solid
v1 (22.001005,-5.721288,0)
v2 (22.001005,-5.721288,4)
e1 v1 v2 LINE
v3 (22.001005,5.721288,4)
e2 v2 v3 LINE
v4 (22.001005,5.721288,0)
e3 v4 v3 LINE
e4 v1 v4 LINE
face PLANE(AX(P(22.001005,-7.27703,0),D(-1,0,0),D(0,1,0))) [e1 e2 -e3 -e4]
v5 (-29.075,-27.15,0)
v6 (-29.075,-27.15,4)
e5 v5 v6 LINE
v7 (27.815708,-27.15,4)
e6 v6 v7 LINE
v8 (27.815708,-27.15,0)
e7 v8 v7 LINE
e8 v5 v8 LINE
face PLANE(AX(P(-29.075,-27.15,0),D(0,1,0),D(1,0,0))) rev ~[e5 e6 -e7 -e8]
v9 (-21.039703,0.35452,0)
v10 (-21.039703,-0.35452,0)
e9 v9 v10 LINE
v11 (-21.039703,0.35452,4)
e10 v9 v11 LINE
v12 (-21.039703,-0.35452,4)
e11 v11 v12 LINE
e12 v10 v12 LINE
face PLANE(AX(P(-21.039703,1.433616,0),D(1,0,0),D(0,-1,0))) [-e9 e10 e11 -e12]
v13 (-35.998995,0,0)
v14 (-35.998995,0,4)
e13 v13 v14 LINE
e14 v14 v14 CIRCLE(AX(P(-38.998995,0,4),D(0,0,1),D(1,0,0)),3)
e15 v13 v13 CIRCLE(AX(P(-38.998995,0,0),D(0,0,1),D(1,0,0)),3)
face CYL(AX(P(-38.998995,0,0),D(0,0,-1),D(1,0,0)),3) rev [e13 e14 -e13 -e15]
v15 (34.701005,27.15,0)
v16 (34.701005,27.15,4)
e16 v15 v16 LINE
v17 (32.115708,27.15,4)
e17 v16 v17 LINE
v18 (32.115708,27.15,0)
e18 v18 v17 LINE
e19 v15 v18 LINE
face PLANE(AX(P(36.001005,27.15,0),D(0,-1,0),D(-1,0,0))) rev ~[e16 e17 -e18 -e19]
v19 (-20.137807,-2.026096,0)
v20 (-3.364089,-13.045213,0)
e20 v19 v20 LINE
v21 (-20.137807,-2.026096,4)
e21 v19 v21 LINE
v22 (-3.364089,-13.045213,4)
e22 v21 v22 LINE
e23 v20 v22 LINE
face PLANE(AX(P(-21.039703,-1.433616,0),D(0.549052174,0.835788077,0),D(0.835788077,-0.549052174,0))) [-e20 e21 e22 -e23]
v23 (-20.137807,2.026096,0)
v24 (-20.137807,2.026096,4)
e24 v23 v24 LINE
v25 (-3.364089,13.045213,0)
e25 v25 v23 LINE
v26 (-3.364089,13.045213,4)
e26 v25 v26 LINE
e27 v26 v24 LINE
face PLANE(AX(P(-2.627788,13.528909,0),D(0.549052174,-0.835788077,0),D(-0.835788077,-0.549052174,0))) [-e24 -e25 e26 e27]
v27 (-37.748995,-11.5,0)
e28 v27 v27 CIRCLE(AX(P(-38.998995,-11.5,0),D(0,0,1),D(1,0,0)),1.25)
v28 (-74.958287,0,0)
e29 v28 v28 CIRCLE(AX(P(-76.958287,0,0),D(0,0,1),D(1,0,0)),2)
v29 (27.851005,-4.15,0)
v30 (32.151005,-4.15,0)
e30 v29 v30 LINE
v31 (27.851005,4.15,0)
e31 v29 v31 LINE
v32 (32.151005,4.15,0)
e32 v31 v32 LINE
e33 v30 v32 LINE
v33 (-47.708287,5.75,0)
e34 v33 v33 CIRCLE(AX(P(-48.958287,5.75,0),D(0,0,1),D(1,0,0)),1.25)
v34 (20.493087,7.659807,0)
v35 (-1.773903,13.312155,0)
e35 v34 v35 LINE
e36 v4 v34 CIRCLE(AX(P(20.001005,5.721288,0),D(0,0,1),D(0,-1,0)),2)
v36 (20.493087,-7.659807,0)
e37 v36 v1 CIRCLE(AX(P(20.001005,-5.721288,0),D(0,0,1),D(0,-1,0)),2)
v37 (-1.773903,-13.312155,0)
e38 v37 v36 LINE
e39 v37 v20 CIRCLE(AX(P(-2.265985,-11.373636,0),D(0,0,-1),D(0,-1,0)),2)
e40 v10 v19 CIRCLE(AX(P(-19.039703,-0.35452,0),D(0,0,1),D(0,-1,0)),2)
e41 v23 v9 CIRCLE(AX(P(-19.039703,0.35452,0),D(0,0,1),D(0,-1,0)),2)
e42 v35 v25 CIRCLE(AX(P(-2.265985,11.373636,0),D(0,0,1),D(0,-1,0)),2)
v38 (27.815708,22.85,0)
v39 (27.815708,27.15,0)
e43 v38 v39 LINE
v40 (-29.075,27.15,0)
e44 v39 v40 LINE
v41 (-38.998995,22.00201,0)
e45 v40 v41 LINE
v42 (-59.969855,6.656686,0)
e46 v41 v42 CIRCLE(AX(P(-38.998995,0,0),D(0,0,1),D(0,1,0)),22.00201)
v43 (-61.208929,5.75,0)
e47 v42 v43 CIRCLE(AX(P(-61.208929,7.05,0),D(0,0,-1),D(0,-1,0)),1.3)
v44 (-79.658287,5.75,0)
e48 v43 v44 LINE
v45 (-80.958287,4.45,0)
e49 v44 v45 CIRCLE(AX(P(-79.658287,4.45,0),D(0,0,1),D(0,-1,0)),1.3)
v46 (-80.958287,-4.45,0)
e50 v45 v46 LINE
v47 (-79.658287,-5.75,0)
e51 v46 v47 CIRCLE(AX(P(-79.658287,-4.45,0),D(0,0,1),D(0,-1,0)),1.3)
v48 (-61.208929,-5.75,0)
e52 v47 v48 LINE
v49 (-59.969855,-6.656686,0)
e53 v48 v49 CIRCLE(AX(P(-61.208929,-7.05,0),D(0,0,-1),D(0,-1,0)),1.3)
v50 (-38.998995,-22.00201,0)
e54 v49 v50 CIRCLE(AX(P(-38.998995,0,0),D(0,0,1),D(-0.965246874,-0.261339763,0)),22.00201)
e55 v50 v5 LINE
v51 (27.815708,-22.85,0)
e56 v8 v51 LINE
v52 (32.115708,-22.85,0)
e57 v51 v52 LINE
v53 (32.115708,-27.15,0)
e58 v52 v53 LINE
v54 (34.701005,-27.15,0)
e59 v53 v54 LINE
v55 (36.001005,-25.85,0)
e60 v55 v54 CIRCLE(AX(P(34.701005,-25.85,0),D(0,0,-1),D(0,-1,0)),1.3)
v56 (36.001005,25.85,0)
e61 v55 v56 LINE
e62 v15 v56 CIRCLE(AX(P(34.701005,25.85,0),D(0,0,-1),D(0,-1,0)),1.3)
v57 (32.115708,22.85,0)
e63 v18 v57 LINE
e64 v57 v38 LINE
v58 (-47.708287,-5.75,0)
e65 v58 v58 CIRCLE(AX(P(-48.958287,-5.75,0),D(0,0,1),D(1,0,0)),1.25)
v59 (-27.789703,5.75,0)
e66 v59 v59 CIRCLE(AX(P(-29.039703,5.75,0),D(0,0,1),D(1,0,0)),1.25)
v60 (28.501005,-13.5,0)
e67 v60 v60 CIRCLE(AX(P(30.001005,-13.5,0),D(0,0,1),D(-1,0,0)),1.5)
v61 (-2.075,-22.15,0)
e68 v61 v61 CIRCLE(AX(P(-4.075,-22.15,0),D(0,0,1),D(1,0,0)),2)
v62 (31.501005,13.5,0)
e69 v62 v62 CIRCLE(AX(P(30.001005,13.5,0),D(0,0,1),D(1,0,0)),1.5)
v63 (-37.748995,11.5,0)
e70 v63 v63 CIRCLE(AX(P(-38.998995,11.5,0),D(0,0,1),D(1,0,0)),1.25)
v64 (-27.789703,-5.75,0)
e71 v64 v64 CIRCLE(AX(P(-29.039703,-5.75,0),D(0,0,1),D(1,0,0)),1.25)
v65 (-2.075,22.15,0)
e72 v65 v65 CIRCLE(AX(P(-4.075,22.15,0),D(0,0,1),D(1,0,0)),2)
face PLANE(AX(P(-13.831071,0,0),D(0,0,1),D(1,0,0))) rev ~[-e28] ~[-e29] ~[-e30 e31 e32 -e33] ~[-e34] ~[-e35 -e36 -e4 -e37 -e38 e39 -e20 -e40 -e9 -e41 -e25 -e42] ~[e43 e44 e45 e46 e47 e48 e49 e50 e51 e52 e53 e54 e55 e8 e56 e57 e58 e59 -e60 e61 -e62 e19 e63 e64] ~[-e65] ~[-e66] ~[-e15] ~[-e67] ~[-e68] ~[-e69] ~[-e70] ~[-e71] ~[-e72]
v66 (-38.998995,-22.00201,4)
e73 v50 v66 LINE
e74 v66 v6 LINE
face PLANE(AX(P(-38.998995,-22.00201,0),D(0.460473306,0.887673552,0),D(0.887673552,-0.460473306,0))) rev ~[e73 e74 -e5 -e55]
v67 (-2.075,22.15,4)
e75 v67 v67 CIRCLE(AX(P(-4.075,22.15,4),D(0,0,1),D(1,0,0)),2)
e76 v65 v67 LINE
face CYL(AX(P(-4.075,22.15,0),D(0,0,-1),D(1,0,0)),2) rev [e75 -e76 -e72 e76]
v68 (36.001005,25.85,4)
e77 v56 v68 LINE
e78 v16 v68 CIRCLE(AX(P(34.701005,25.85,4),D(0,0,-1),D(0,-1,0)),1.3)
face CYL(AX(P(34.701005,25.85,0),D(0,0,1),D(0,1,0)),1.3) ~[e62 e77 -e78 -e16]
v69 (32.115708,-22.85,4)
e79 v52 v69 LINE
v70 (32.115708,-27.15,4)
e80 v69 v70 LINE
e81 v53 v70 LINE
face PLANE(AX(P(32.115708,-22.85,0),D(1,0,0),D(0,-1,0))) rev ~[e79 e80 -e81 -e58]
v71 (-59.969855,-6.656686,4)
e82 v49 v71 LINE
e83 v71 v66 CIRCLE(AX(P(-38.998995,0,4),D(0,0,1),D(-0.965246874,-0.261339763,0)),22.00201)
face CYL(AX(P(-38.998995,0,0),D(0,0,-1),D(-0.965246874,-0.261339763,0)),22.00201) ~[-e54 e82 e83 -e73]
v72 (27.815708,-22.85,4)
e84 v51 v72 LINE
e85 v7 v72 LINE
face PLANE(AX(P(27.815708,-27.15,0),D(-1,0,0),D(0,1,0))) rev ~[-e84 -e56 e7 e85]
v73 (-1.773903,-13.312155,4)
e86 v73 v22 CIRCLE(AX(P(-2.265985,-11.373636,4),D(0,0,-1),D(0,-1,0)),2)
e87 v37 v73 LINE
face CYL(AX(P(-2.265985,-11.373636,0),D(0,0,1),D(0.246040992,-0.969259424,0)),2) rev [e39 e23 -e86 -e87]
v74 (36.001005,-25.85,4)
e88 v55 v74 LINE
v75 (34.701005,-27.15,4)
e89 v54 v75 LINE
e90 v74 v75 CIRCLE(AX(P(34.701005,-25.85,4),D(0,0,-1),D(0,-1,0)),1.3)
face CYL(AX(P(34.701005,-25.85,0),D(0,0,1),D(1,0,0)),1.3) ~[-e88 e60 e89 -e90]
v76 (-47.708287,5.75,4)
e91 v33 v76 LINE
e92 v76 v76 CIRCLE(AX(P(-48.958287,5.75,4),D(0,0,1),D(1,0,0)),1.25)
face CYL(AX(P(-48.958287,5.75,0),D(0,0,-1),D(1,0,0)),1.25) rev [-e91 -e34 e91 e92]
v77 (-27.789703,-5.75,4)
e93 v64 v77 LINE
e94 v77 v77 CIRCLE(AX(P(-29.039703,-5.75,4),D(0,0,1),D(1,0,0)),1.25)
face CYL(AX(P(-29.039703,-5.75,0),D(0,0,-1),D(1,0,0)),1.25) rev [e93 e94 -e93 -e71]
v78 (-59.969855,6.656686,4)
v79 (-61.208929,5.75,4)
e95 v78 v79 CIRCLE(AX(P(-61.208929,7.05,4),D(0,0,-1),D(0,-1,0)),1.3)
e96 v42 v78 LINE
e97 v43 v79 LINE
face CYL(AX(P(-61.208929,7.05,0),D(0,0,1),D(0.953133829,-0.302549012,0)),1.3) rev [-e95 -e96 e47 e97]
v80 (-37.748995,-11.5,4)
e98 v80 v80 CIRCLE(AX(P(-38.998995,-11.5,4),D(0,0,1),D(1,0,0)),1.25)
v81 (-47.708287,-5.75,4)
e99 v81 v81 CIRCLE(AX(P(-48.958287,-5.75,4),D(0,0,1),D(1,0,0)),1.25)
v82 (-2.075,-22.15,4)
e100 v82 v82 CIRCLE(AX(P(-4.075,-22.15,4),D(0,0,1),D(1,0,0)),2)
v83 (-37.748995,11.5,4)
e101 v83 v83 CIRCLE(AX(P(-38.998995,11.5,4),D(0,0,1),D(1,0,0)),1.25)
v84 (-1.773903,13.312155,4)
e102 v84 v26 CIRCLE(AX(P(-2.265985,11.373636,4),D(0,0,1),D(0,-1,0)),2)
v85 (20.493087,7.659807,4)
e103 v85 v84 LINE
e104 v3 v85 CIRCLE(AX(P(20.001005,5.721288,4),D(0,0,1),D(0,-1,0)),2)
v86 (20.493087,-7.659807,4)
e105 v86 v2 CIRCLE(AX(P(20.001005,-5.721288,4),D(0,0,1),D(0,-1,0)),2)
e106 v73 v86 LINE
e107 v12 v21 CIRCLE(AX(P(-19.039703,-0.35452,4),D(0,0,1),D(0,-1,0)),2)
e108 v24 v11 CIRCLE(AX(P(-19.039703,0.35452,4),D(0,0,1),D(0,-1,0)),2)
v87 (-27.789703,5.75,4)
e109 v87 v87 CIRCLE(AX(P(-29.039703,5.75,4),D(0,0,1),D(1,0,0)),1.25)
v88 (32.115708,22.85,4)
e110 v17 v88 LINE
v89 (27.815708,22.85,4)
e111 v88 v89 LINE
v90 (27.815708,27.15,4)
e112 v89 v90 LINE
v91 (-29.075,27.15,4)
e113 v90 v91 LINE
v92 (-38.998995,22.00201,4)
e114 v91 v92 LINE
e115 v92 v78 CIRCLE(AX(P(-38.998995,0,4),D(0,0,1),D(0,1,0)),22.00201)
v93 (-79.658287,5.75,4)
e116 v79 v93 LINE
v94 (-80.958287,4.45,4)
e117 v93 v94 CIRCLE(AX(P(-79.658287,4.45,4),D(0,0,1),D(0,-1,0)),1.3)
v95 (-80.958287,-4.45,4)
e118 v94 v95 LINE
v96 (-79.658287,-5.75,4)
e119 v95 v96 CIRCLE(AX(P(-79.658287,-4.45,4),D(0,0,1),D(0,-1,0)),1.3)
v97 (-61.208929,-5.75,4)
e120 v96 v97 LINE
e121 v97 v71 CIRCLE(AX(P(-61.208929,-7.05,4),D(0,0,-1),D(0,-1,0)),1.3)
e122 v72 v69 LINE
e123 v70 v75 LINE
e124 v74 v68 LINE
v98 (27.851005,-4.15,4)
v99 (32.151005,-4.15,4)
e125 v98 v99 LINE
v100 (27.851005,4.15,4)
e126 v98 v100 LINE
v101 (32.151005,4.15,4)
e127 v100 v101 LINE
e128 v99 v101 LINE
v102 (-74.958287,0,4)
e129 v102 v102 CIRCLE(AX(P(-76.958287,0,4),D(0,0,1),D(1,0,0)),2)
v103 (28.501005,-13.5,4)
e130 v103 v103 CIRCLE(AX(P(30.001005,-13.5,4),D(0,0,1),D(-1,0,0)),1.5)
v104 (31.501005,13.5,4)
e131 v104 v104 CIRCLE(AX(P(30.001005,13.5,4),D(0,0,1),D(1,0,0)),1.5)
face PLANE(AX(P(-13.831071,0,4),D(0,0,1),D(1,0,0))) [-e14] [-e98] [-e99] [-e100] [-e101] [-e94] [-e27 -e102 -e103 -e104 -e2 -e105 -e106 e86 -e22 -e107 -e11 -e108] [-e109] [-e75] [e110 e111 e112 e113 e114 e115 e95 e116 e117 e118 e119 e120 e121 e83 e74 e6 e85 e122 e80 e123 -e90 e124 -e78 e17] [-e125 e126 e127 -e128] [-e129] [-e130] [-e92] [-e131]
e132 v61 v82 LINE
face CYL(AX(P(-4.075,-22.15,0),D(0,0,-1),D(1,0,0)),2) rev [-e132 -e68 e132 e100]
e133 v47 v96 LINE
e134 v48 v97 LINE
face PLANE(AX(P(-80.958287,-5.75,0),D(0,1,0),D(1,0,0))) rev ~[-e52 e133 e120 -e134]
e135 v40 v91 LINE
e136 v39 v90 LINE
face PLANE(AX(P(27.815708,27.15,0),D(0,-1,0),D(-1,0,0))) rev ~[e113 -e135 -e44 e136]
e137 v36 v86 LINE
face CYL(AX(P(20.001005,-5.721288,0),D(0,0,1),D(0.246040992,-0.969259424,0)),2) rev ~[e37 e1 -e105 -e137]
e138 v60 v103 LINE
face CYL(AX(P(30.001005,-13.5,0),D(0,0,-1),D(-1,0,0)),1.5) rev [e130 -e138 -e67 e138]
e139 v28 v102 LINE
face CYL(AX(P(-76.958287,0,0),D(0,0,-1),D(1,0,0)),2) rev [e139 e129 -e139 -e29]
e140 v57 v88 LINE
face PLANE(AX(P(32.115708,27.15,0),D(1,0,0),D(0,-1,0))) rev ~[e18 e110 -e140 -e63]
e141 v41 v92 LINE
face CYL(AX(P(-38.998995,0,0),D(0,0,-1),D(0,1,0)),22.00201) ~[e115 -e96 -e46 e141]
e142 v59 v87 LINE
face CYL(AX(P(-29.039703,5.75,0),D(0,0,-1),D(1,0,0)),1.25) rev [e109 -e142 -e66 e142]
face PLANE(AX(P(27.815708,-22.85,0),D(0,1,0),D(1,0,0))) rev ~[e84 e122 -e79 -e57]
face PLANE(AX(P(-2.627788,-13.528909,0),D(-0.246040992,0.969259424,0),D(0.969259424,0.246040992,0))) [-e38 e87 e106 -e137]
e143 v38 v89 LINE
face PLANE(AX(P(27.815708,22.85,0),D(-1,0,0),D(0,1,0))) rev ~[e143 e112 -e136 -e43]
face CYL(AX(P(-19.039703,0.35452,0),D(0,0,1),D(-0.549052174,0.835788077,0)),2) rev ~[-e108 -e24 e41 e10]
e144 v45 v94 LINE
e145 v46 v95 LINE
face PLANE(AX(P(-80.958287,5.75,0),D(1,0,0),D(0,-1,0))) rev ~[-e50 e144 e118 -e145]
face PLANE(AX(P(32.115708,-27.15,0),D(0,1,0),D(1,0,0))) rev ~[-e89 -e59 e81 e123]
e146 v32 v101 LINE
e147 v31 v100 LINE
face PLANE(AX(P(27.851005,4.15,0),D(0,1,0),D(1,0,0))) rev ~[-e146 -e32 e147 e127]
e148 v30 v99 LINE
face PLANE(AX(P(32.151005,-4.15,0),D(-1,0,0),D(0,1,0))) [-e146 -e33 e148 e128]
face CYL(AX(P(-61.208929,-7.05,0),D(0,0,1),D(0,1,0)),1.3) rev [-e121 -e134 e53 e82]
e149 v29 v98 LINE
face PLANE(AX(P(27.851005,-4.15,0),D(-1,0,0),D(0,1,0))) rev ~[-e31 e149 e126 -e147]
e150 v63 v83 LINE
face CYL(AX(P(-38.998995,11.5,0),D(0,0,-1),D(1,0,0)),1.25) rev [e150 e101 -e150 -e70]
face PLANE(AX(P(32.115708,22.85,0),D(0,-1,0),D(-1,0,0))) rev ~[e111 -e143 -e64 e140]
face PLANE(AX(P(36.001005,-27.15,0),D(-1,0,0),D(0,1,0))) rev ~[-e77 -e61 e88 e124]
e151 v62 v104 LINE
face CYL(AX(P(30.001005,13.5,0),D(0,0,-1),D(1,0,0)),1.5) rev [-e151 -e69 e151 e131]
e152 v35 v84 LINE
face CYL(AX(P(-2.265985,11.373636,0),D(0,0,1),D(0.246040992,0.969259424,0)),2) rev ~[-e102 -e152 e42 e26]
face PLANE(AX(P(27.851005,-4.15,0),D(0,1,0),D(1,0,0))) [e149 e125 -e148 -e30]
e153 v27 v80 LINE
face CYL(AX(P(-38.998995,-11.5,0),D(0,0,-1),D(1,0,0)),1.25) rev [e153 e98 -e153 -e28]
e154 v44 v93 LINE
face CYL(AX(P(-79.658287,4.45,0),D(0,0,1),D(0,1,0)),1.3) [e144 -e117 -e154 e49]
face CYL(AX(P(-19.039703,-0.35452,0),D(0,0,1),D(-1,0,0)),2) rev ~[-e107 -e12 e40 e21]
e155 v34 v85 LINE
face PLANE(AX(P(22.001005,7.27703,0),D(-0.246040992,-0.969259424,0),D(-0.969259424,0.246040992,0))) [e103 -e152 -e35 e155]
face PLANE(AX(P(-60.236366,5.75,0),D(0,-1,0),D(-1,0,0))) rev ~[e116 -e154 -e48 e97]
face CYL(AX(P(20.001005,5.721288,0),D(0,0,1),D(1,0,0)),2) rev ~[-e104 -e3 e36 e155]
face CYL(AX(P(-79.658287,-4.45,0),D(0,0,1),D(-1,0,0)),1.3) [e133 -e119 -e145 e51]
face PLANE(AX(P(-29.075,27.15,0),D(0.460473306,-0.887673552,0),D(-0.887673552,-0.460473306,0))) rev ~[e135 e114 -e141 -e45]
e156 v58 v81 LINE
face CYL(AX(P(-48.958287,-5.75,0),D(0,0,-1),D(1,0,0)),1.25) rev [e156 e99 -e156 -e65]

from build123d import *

# Parameters (mm, degrees)
SKETCH_1_R      = 1.5
SKETCH_1_R_2    = 3
SKETCH_1_R_3    = 1.25
SKETCH_1_R_4    = 2
SKETCH_1_W      = 4.3
SKETCH_1_H      = 8.3
EXTRUDE_1_DEPTH = 4
FILLET_1_R      = 1.3
FILLET_2_R      = 2


with BuildPart() as part:
    # 草图1 → 凸台-拉伸1 (new body)
    with BuildSketch(Plane.XY):
        with BuildLine():
            Line((32.115707856, 27.15), (32.115707856, 22.85))
            Line((32.115707856, 22.85), (27.815707856, 22.85))
            Line((27.815707856, 22.85), (27.815707856, 27.15))
            Line((27.815707856, 27.15), (-29.075, 27.15))
            Line((-29.075, 27.15), (-38.998995168, 22.002009663))
            ThreePointArc((-38.998995168, 22.002009663), (-52.370174504, 17.472835843), (-60.236366221, 5.75))
            Line((-60.236366221, 5.75), (-80.958287312, 5.75))
            Line((-80.958287312, 5.75), (-80.958287312, -5.75))
            Line((-80.958287312, -5.75), (-60.236366221, -5.75))
            ThreePointArc((-60.236366221, -5.75), (-52.370174504, -17.472835843), (-38.998995168, -22.002009663))
            Line((-38.998995168, -22.002009663), (-29.075, -27.15))
            Line((-29.075, -27.15), (27.815707856, -27.15))
            Line((27.815707856, -27.15), (27.815707856, -22.85))
            Line((27.815707856, -22.85), (32.115707856, -22.85))
            Line((32.115707856, -22.85), (32.115707856, -27.15))
            Line((32.115707856, -27.15), (36.001004832, -27.15))
            Line((36.001004832, -27.15), (36.001004832, 27.15))
            Line((36.001004832, 27.15), (32.115707856, 27.15))
        make_face()
        with Locations((30.001004832, 13.5)):
            Circle(SKETCH_1_R, mode=Mode.SUBTRACT)
        with Locations(Location((30.001004832, -13.5, 0), (0, 0, 180))):
            Circle(SKETCH_1_R, mode=Mode.SUBTRACT)
        with Locations((-38.998995168, 0)):
            Circle(SKETCH_1_R_2, mode=Mode.SUBTRACT)
        with Locations((-38.998995168, -11.5)):
            Circle(SKETCH_1_R_3, mode=Mode.SUBTRACT)
        with Locations((-48.958287312, -5.75)):
            Circle(SKETCH_1_R_3, mode=Mode.SUBTRACT)
        with Locations((-48.958287312, 5.75)):
            Circle(SKETCH_1_R_3, mode=Mode.SUBTRACT)
        with Locations((-38.998995168, 11.5)):
            Circle(SKETCH_1_R_3, mode=Mode.SUBTRACT)
        with Locations((-29.039703025, 5.75)):
            Circle(SKETCH_1_R_3, mode=Mode.SUBTRACT)
        with Locations((-29.039703025, -5.75)):
            Circle(SKETCH_1_R_3, mode=Mode.SUBTRACT)
        with Locations((-4.075, -22.15)):
            Circle(SKETCH_1_R_4, mode=Mode.SUBTRACT)
        with Locations((-4.075, 22.15)):
            Circle(SKETCH_1_R_4, mode=Mode.SUBTRACT)
        with Locations((-76.958287312, 0)):
            Circle(SKETCH_1_R_4, mode=Mode.SUBTRACT)
        with Locations((30.001004832, 0)):
            Rectangle(SKETCH_1_W, SKETCH_1_H, mode=Mode.SUBTRACT)
        Polygon((-2.627787708, -13.528909152), (22.001004832, -7.277030256), (22.001004832, 7.277030256), (-2.627787708, 13.528909152), (-21.039703025, 1.433615613), (-21.039703025, -1.433615613), align=None, mode=Mode.SUBTRACT)
    extrude(amount=EXTRUDE_1_DEPTH)

    # 圆角1
    fillet_1_edges = [part.edges().sort_by_distance(p)[0] for p in [
        (-60.236366221, -5.75, 2),
        (-80.958287312, -5.75, 2),
        (-80.958287312, 5.75, 2),
        (-60.236366221, 5.75, 2),
        (36.001004832, 27.15, 2),
        (36.001004832, -27.15, 2),
    ]]
    fillet(fillet_1_edges, radius=FILLET_1_R)

    # 圆角2
    fillet_2_edges = [part.edges().sort_by_distance(p)[0] for p in [
        (-21.039703025, -1.433615613, 2),
        (-2.627787708, -13.528909152, 2),
        (22.001004832, -7.277030256, 2),
        (22.001004832, 7.277030256, 2),
        (-2.627787708, 13.528909152, 2),
        (-21.039703025, 1.433615613, 2),
    ]]
    fillet(fillet_2_edges, radius=FILLET_2_R)


solid = part.part
